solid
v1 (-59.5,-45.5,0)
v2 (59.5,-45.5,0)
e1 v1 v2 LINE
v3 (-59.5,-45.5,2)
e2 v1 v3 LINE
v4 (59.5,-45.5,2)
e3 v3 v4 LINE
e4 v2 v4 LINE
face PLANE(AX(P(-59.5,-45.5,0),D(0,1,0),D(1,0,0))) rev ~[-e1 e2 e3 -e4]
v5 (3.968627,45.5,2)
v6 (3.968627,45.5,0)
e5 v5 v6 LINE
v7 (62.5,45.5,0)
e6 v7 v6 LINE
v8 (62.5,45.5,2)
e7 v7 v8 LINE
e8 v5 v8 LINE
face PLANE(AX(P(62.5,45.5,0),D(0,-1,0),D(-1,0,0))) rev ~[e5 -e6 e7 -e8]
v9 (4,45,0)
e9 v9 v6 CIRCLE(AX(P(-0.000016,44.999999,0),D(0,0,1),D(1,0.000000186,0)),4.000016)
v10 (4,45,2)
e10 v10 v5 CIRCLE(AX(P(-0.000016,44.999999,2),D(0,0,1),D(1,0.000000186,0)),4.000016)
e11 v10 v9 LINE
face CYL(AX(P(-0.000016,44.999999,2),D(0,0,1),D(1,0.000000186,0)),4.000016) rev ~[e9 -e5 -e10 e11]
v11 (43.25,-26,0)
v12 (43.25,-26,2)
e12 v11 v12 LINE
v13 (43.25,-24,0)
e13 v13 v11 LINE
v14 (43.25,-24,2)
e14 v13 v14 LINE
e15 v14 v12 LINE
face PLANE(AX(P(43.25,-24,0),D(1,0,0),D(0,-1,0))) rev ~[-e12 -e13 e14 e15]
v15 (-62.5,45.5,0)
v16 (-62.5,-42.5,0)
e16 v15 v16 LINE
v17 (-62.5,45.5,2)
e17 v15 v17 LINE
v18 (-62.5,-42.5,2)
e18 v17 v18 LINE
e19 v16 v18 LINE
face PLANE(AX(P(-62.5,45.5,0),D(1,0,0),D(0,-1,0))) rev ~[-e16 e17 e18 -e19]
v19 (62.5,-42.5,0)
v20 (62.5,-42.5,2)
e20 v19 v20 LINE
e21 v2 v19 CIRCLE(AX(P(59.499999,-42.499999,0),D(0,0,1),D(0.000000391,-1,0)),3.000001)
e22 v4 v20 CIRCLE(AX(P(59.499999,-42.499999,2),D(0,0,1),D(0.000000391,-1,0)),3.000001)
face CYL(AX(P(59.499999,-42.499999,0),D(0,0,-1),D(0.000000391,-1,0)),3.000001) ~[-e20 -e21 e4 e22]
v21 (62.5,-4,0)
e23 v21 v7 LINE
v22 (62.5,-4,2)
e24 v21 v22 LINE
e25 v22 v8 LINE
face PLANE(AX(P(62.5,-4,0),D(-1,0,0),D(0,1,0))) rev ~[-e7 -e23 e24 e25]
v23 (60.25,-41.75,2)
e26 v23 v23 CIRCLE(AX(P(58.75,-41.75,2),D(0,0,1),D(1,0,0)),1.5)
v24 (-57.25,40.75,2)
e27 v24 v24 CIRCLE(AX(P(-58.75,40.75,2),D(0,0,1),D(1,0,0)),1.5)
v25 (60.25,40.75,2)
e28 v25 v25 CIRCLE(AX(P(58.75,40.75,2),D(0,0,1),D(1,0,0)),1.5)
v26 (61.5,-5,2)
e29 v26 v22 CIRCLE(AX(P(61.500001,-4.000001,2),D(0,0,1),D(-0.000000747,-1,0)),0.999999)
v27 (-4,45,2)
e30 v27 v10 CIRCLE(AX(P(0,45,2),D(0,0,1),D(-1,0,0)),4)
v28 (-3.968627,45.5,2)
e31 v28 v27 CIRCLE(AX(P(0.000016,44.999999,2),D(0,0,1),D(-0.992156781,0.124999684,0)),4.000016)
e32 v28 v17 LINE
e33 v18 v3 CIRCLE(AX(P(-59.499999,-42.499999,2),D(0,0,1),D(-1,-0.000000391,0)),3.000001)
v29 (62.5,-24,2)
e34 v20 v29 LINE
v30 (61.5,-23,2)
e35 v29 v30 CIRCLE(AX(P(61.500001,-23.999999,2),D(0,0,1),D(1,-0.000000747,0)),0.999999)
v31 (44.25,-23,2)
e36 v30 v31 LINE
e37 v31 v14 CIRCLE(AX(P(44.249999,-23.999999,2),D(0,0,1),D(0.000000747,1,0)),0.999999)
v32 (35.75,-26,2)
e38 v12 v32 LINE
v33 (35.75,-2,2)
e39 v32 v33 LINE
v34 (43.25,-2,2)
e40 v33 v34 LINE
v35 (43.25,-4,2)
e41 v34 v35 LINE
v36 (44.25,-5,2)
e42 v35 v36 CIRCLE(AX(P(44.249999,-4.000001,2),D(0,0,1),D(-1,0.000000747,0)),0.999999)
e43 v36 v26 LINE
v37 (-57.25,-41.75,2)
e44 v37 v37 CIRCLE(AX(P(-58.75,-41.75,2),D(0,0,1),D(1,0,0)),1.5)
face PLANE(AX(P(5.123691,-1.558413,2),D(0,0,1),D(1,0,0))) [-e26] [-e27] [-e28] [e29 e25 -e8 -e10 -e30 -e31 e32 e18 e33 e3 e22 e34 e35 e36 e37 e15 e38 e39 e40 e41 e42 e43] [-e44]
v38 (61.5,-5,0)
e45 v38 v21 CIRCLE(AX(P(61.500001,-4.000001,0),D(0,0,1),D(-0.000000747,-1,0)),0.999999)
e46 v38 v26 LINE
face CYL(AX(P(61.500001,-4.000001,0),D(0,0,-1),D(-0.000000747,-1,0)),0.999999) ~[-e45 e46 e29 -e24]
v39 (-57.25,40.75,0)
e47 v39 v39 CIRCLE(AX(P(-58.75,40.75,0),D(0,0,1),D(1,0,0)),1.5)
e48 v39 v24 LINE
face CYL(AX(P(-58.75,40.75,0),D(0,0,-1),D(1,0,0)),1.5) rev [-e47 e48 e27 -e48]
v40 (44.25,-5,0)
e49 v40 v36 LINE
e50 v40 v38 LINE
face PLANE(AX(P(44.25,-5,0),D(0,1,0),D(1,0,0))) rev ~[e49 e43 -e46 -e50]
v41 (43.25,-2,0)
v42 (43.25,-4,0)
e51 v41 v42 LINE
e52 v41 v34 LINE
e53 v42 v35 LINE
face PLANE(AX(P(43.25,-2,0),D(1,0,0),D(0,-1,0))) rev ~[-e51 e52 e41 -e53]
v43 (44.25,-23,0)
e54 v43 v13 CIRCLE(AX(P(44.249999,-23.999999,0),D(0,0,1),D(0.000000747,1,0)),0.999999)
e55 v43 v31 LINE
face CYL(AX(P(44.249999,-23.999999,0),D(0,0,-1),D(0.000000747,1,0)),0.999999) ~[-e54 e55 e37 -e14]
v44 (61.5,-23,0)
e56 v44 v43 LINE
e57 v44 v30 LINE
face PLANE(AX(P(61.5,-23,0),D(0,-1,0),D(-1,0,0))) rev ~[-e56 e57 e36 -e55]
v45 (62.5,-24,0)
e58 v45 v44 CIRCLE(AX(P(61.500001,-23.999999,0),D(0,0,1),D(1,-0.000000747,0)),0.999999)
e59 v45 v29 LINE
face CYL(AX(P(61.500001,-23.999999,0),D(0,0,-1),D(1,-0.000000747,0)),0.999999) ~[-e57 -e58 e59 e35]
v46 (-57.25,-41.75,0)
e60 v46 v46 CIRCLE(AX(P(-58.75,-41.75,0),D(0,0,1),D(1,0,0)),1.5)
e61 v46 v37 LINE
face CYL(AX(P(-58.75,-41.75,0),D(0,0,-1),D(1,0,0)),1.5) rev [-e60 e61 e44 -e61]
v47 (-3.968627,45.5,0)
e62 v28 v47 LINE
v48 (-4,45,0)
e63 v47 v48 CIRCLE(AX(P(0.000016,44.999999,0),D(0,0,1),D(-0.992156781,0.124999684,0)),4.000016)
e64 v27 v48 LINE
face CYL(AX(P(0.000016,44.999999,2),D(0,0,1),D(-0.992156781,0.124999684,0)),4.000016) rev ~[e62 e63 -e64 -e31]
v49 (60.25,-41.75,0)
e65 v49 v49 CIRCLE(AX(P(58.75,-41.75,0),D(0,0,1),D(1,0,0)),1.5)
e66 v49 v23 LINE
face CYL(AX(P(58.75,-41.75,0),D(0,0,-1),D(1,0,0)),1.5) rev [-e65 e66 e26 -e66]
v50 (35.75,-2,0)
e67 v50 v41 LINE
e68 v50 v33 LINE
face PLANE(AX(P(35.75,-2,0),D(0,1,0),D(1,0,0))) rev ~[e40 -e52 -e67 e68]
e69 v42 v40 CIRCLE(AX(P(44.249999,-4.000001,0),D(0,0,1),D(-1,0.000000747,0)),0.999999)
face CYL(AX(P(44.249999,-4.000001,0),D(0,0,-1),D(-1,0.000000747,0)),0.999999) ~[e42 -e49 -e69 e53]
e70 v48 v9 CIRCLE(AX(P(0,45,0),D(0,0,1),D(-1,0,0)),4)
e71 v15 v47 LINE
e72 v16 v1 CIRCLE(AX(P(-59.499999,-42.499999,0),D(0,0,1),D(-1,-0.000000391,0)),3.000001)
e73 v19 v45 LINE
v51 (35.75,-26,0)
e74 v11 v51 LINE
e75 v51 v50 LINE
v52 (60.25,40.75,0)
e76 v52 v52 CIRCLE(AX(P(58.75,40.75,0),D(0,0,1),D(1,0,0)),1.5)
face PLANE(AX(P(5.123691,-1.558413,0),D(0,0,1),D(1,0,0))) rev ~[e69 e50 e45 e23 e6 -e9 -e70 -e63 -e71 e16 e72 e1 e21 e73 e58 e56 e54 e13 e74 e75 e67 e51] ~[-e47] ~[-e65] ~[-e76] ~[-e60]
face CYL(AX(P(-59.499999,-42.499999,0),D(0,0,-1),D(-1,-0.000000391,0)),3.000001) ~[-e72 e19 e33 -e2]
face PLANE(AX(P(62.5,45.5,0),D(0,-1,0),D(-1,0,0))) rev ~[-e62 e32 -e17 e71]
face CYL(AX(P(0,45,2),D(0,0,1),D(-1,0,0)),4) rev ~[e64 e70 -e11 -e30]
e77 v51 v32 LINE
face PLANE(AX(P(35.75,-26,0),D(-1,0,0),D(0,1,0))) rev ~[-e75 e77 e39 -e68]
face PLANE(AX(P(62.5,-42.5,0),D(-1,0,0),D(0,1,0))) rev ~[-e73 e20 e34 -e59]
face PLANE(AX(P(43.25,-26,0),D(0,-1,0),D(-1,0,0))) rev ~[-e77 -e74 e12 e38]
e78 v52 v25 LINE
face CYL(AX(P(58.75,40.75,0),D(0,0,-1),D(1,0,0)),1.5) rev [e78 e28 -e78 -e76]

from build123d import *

# Parameters (mm, degrees)
F0_R     = 1.5
F1_DEPTH = 2
F3_DEPTH = 2.001


with BuildPart() as f1:
    # F0 (on Top) → F1 (new body)
    with BuildSketch(Plane.XY):
        with BuildLine():
            Line((62.5, 45.5), (-62.5, 45.5))
            Line((-62.5, 45.5), (-62.5, -42.5))
            ThreePointArc((-62.5, -42.5), (-61.62132, -44.62132), (-59.5, -45.5))
            Line((-59.5, -45.5), (59.5, -45.5))
            ThreePointArc((59.5, -45.5), (61.62132, -44.62132), (62.5, -42.5))
            Line((62.5, -42.5), (62.5, -24))
            ThreePointArc((62.5, -24), (62.207107, -23.292893), (61.5, -23))
            Line((61.5, -23), (44.25, -23))
            ThreePointArc((44.25, -23), (43.542893, -23.292893), (43.25, -24))
            Line((43.25, -24), (43.25, -26))
            Line((43.25, -26), (35.75, -26))
            Line((35.75, -26), (35.75, -2))
            Line((35.75, -2), (43.25, -2))
            Line((43.25, -2), (43.25, -4))
            ThreePointArc((43.25, -4), (43.542893, -4.707107), (44.25, -5))
            Line((44.25, -5), (61.5, -5))
            ThreePointArc((61.5, -5), (62.207107, -4.707107), (62.5, -4))
            Line((62.5, -4), (62.5, 45.5))
        make_face()
        with Locations((-58.75, -41.75)):
            Circle(F0_R, mode=Mode.SUBTRACT)
        with Locations((58.75, -41.75)):
            Circle(F0_R, mode=Mode.SUBTRACT)
        with Locations((-58.75, 40.75)):
            Circle(F0_R, mode=Mode.SUBTRACT)
        with Locations((58.75, 40.75)):
            Circle(F0_R, mode=Mode.SUBTRACT)
    extrude(amount=F1_DEPTH)

    # F2 (on face) → F3 (cut, through all)
    with BuildSketch(Plane.XY.offset(2)):
        with BuildLine():
            ThreePointArc((-3.968627, 45.5), (-3.992149, 45.250492), (-4, 45))
            ThreePointArc((-4, 45), (0, 41), (4, 45))
            ThreePointArc((4, 45), (3.992149, 45.250492), (3.968627, 45.5))
            Line((3.968627, 45.5), (-3.968627, 45.5))
        make_face()
        with BuildLine():
            ThreePointArc((0, 49), (2.645751, 48), (3.968627, 45.5))
            Line((3.968627, 45.5), (4, 45.5))
            Line((4, 45.5), (4, 49))
            Line((4, 49), (0, 49))
        make_face()
        with BuildLine():
            Line((-4, 45.5), (-3.968627, 45.5))
            ThreePointArc((-3.968627, 45.5), (-2.645751, 48), (0, 49))
            Line((0, 49), (-4, 49))
            Line((-4, 49), (-4, 45.5))
        make_face()
    extrude(amount=-F3_DEPTH, mode=Mode.SUBTRACT)


solid = f1.part
